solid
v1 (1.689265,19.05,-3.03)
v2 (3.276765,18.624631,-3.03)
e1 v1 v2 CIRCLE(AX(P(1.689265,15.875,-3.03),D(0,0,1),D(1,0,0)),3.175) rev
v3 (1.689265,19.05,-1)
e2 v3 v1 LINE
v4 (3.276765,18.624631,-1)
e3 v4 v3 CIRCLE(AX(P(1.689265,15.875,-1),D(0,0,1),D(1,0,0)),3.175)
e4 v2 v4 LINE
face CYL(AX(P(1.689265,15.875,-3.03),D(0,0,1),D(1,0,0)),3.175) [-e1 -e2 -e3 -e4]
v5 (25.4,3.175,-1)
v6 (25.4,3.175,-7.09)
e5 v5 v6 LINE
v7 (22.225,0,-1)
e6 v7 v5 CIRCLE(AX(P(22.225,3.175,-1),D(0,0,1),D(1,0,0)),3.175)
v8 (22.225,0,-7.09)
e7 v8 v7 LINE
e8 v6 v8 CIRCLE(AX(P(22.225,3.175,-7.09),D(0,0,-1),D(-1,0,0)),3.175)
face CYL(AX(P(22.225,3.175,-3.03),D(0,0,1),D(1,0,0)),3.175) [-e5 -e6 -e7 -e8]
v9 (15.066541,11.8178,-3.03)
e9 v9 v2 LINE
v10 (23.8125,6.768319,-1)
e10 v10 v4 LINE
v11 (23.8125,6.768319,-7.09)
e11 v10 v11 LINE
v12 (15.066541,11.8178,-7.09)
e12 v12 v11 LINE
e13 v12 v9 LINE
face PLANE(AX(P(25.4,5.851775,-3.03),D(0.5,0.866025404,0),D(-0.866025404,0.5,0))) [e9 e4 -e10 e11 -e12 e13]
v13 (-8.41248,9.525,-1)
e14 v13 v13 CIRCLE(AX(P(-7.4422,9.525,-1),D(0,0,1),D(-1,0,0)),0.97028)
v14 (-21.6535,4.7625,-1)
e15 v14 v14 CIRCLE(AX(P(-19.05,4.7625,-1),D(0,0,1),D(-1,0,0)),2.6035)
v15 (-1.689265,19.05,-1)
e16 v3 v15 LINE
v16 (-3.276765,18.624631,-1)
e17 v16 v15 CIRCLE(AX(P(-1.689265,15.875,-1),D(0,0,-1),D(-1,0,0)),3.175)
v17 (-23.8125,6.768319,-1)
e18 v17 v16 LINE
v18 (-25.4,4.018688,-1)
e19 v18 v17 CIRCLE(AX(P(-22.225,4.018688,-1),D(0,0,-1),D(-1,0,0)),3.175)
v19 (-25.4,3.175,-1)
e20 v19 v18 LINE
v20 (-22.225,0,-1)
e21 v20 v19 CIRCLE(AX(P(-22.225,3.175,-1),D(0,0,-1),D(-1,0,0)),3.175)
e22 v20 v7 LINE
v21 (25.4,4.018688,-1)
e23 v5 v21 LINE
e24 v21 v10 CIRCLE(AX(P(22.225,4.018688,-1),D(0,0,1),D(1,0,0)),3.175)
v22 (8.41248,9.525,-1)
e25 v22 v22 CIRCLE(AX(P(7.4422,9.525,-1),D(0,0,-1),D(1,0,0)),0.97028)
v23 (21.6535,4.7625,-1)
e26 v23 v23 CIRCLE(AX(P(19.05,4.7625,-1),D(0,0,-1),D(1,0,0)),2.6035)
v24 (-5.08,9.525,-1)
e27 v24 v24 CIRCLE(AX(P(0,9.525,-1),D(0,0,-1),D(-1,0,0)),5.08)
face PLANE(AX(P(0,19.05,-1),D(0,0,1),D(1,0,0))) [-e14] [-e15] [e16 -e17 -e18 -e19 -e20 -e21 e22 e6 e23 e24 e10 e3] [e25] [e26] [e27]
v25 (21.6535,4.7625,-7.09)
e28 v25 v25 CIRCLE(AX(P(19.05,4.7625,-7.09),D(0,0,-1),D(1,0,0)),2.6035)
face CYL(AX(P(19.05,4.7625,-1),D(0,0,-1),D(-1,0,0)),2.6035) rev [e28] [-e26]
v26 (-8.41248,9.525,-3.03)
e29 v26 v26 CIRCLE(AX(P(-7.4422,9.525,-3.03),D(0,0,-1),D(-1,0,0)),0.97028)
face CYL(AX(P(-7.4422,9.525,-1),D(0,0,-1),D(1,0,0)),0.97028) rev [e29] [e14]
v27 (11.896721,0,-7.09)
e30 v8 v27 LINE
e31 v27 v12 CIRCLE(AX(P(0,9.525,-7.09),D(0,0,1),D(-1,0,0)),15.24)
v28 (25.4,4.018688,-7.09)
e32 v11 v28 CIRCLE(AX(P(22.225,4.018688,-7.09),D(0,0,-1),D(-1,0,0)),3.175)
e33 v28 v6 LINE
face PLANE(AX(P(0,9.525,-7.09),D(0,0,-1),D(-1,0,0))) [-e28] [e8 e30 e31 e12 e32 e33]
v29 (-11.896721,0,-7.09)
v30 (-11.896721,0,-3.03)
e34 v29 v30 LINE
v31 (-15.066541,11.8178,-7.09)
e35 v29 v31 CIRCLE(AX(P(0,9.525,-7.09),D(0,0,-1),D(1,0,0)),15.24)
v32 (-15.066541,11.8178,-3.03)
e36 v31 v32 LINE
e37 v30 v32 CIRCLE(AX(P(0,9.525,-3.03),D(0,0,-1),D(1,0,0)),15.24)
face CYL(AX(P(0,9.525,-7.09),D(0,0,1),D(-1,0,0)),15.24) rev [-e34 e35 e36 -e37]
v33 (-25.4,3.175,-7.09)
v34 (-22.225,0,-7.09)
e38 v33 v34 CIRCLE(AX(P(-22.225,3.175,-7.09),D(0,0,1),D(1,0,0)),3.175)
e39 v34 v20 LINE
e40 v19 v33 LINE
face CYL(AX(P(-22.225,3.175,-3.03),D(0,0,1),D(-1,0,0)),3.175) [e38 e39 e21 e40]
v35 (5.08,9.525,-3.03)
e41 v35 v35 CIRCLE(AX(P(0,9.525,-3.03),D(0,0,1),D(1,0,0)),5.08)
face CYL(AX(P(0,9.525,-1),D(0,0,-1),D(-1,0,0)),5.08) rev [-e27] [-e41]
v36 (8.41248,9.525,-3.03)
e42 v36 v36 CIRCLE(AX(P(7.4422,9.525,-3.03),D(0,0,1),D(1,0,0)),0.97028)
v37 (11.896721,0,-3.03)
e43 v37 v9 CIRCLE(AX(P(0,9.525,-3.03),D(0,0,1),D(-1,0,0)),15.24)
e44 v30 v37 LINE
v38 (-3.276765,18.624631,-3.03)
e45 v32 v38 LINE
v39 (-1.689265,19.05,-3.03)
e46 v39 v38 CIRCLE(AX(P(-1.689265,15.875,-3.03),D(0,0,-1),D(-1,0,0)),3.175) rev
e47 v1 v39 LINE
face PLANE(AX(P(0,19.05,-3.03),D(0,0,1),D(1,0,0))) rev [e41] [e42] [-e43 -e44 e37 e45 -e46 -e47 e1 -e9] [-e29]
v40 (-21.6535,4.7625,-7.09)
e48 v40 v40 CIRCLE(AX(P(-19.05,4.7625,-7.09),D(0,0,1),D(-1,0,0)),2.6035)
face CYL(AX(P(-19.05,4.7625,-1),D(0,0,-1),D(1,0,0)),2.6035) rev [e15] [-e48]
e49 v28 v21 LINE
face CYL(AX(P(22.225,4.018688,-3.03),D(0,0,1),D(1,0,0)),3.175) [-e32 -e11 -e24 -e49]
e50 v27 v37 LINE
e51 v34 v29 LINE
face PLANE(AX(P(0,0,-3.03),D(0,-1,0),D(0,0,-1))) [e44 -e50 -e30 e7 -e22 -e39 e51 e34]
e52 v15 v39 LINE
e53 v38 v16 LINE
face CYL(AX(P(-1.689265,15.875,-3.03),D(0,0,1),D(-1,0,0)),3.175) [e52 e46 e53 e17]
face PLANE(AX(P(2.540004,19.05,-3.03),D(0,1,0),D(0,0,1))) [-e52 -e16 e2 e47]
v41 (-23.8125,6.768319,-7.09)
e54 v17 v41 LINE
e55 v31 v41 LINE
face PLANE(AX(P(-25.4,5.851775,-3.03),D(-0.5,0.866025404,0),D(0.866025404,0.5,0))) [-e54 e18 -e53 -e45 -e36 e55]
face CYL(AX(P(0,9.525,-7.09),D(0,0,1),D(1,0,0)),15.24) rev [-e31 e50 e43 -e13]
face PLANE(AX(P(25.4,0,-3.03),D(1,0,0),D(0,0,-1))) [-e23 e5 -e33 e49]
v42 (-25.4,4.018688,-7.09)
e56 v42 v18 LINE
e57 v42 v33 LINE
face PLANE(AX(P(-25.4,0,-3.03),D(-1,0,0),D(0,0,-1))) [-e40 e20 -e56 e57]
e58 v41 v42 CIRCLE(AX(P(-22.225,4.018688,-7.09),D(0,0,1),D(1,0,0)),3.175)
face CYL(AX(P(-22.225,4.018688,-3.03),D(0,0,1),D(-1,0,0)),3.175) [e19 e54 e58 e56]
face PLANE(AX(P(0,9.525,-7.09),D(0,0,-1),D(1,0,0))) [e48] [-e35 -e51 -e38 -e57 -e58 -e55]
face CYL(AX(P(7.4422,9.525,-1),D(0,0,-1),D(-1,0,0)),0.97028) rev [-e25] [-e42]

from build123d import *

# Parameters (mm, degrees)
EXTRUDE1_START = -1
EXTRUDE1_DEPTH = 2.03
EXTRUDE2_DEPTH = 4.06
SKETCH4_R      = 5.08
SKETCH4_R_2    = 2.6035
SKETCH4_R_3    = 0.97028
EXTRUDE3_DEPTH = 33.328789028
FILLET1_R      = 3.175


with BuildPart() as part:
    # Sketch1 → Extrude1 (new body)
    with BuildSketch(Plane.XY.offset(EXTRUDE1_START)):
        Polygon((0, 19.05), (0, 0), (25.4, 0), (25.4, 5.851775032), (2.540003786, 19.05), align=None)
    extrude(amount=-EXTRUDE1_DEPTH)

    # Sketch2 → Extrude2 (add)
    with BuildSketch(Plane(origin=(0, 0, -3.03), x_dir=(-1, 0, 0), z_dir=(0, 0, -1))):
        with BuildLine():
            Line((-11.896721187, 0), (-25.4, 0))
            Line((-25.4, 0), (-25.4, 5.851775032))
            Line((-25.4, 5.851775032), (-15.066541319, 11.817800183))
            ThreePointArc((-15.066541319, 11.817800183), (-14.71969706, 5.576820867), (-11.896721187, 0))
        make_face()
    extrude(amount=EXTRUDE2_DEPTH)

    # Sketch4 → Extrude3 (cut, through all)
    with BuildSketch(Plane(origin=(0, 0, -7.09), x_dir=(-1, 0, 0), z_dir=(0, 0, -1))):
        with Locations((0, 9.525)):
            Circle(SKETCH4_R)
        with Locations(Location((-19.05, 4.7625, 0), (0, 0, 180))):
            Circle(SKETCH4_R_2)
        with Locations(Location((-7.4422, 9.525, 0), (0, 0, 180))):
            Circle(SKETCH4_R_3)
    extrude(amount=-EXTRUDE3_DEPTH, mode=Mode.SUBTRACT)

    # Fillet1
    fillet1_edges = [part.edges().sort_by_distance(p)[0] for p in [
        (2.540003786, 19.05, -2.015),
        (25.4, 5.851775032, -4.045),
        (25.4, 0, -4.045),
    ]]
    fillet(fillet1_edges, radius=FILLET1_R)

    # Mirror1: part across plane


with BuildPart() as part_1:
    add(part.part)
    add(part.part.mirror(Plane(origin=(0, 19.05, -3.03), x_dir=(0, 0, 1), z_dir=(-1, 0, 0))))


solid = part_1.part
